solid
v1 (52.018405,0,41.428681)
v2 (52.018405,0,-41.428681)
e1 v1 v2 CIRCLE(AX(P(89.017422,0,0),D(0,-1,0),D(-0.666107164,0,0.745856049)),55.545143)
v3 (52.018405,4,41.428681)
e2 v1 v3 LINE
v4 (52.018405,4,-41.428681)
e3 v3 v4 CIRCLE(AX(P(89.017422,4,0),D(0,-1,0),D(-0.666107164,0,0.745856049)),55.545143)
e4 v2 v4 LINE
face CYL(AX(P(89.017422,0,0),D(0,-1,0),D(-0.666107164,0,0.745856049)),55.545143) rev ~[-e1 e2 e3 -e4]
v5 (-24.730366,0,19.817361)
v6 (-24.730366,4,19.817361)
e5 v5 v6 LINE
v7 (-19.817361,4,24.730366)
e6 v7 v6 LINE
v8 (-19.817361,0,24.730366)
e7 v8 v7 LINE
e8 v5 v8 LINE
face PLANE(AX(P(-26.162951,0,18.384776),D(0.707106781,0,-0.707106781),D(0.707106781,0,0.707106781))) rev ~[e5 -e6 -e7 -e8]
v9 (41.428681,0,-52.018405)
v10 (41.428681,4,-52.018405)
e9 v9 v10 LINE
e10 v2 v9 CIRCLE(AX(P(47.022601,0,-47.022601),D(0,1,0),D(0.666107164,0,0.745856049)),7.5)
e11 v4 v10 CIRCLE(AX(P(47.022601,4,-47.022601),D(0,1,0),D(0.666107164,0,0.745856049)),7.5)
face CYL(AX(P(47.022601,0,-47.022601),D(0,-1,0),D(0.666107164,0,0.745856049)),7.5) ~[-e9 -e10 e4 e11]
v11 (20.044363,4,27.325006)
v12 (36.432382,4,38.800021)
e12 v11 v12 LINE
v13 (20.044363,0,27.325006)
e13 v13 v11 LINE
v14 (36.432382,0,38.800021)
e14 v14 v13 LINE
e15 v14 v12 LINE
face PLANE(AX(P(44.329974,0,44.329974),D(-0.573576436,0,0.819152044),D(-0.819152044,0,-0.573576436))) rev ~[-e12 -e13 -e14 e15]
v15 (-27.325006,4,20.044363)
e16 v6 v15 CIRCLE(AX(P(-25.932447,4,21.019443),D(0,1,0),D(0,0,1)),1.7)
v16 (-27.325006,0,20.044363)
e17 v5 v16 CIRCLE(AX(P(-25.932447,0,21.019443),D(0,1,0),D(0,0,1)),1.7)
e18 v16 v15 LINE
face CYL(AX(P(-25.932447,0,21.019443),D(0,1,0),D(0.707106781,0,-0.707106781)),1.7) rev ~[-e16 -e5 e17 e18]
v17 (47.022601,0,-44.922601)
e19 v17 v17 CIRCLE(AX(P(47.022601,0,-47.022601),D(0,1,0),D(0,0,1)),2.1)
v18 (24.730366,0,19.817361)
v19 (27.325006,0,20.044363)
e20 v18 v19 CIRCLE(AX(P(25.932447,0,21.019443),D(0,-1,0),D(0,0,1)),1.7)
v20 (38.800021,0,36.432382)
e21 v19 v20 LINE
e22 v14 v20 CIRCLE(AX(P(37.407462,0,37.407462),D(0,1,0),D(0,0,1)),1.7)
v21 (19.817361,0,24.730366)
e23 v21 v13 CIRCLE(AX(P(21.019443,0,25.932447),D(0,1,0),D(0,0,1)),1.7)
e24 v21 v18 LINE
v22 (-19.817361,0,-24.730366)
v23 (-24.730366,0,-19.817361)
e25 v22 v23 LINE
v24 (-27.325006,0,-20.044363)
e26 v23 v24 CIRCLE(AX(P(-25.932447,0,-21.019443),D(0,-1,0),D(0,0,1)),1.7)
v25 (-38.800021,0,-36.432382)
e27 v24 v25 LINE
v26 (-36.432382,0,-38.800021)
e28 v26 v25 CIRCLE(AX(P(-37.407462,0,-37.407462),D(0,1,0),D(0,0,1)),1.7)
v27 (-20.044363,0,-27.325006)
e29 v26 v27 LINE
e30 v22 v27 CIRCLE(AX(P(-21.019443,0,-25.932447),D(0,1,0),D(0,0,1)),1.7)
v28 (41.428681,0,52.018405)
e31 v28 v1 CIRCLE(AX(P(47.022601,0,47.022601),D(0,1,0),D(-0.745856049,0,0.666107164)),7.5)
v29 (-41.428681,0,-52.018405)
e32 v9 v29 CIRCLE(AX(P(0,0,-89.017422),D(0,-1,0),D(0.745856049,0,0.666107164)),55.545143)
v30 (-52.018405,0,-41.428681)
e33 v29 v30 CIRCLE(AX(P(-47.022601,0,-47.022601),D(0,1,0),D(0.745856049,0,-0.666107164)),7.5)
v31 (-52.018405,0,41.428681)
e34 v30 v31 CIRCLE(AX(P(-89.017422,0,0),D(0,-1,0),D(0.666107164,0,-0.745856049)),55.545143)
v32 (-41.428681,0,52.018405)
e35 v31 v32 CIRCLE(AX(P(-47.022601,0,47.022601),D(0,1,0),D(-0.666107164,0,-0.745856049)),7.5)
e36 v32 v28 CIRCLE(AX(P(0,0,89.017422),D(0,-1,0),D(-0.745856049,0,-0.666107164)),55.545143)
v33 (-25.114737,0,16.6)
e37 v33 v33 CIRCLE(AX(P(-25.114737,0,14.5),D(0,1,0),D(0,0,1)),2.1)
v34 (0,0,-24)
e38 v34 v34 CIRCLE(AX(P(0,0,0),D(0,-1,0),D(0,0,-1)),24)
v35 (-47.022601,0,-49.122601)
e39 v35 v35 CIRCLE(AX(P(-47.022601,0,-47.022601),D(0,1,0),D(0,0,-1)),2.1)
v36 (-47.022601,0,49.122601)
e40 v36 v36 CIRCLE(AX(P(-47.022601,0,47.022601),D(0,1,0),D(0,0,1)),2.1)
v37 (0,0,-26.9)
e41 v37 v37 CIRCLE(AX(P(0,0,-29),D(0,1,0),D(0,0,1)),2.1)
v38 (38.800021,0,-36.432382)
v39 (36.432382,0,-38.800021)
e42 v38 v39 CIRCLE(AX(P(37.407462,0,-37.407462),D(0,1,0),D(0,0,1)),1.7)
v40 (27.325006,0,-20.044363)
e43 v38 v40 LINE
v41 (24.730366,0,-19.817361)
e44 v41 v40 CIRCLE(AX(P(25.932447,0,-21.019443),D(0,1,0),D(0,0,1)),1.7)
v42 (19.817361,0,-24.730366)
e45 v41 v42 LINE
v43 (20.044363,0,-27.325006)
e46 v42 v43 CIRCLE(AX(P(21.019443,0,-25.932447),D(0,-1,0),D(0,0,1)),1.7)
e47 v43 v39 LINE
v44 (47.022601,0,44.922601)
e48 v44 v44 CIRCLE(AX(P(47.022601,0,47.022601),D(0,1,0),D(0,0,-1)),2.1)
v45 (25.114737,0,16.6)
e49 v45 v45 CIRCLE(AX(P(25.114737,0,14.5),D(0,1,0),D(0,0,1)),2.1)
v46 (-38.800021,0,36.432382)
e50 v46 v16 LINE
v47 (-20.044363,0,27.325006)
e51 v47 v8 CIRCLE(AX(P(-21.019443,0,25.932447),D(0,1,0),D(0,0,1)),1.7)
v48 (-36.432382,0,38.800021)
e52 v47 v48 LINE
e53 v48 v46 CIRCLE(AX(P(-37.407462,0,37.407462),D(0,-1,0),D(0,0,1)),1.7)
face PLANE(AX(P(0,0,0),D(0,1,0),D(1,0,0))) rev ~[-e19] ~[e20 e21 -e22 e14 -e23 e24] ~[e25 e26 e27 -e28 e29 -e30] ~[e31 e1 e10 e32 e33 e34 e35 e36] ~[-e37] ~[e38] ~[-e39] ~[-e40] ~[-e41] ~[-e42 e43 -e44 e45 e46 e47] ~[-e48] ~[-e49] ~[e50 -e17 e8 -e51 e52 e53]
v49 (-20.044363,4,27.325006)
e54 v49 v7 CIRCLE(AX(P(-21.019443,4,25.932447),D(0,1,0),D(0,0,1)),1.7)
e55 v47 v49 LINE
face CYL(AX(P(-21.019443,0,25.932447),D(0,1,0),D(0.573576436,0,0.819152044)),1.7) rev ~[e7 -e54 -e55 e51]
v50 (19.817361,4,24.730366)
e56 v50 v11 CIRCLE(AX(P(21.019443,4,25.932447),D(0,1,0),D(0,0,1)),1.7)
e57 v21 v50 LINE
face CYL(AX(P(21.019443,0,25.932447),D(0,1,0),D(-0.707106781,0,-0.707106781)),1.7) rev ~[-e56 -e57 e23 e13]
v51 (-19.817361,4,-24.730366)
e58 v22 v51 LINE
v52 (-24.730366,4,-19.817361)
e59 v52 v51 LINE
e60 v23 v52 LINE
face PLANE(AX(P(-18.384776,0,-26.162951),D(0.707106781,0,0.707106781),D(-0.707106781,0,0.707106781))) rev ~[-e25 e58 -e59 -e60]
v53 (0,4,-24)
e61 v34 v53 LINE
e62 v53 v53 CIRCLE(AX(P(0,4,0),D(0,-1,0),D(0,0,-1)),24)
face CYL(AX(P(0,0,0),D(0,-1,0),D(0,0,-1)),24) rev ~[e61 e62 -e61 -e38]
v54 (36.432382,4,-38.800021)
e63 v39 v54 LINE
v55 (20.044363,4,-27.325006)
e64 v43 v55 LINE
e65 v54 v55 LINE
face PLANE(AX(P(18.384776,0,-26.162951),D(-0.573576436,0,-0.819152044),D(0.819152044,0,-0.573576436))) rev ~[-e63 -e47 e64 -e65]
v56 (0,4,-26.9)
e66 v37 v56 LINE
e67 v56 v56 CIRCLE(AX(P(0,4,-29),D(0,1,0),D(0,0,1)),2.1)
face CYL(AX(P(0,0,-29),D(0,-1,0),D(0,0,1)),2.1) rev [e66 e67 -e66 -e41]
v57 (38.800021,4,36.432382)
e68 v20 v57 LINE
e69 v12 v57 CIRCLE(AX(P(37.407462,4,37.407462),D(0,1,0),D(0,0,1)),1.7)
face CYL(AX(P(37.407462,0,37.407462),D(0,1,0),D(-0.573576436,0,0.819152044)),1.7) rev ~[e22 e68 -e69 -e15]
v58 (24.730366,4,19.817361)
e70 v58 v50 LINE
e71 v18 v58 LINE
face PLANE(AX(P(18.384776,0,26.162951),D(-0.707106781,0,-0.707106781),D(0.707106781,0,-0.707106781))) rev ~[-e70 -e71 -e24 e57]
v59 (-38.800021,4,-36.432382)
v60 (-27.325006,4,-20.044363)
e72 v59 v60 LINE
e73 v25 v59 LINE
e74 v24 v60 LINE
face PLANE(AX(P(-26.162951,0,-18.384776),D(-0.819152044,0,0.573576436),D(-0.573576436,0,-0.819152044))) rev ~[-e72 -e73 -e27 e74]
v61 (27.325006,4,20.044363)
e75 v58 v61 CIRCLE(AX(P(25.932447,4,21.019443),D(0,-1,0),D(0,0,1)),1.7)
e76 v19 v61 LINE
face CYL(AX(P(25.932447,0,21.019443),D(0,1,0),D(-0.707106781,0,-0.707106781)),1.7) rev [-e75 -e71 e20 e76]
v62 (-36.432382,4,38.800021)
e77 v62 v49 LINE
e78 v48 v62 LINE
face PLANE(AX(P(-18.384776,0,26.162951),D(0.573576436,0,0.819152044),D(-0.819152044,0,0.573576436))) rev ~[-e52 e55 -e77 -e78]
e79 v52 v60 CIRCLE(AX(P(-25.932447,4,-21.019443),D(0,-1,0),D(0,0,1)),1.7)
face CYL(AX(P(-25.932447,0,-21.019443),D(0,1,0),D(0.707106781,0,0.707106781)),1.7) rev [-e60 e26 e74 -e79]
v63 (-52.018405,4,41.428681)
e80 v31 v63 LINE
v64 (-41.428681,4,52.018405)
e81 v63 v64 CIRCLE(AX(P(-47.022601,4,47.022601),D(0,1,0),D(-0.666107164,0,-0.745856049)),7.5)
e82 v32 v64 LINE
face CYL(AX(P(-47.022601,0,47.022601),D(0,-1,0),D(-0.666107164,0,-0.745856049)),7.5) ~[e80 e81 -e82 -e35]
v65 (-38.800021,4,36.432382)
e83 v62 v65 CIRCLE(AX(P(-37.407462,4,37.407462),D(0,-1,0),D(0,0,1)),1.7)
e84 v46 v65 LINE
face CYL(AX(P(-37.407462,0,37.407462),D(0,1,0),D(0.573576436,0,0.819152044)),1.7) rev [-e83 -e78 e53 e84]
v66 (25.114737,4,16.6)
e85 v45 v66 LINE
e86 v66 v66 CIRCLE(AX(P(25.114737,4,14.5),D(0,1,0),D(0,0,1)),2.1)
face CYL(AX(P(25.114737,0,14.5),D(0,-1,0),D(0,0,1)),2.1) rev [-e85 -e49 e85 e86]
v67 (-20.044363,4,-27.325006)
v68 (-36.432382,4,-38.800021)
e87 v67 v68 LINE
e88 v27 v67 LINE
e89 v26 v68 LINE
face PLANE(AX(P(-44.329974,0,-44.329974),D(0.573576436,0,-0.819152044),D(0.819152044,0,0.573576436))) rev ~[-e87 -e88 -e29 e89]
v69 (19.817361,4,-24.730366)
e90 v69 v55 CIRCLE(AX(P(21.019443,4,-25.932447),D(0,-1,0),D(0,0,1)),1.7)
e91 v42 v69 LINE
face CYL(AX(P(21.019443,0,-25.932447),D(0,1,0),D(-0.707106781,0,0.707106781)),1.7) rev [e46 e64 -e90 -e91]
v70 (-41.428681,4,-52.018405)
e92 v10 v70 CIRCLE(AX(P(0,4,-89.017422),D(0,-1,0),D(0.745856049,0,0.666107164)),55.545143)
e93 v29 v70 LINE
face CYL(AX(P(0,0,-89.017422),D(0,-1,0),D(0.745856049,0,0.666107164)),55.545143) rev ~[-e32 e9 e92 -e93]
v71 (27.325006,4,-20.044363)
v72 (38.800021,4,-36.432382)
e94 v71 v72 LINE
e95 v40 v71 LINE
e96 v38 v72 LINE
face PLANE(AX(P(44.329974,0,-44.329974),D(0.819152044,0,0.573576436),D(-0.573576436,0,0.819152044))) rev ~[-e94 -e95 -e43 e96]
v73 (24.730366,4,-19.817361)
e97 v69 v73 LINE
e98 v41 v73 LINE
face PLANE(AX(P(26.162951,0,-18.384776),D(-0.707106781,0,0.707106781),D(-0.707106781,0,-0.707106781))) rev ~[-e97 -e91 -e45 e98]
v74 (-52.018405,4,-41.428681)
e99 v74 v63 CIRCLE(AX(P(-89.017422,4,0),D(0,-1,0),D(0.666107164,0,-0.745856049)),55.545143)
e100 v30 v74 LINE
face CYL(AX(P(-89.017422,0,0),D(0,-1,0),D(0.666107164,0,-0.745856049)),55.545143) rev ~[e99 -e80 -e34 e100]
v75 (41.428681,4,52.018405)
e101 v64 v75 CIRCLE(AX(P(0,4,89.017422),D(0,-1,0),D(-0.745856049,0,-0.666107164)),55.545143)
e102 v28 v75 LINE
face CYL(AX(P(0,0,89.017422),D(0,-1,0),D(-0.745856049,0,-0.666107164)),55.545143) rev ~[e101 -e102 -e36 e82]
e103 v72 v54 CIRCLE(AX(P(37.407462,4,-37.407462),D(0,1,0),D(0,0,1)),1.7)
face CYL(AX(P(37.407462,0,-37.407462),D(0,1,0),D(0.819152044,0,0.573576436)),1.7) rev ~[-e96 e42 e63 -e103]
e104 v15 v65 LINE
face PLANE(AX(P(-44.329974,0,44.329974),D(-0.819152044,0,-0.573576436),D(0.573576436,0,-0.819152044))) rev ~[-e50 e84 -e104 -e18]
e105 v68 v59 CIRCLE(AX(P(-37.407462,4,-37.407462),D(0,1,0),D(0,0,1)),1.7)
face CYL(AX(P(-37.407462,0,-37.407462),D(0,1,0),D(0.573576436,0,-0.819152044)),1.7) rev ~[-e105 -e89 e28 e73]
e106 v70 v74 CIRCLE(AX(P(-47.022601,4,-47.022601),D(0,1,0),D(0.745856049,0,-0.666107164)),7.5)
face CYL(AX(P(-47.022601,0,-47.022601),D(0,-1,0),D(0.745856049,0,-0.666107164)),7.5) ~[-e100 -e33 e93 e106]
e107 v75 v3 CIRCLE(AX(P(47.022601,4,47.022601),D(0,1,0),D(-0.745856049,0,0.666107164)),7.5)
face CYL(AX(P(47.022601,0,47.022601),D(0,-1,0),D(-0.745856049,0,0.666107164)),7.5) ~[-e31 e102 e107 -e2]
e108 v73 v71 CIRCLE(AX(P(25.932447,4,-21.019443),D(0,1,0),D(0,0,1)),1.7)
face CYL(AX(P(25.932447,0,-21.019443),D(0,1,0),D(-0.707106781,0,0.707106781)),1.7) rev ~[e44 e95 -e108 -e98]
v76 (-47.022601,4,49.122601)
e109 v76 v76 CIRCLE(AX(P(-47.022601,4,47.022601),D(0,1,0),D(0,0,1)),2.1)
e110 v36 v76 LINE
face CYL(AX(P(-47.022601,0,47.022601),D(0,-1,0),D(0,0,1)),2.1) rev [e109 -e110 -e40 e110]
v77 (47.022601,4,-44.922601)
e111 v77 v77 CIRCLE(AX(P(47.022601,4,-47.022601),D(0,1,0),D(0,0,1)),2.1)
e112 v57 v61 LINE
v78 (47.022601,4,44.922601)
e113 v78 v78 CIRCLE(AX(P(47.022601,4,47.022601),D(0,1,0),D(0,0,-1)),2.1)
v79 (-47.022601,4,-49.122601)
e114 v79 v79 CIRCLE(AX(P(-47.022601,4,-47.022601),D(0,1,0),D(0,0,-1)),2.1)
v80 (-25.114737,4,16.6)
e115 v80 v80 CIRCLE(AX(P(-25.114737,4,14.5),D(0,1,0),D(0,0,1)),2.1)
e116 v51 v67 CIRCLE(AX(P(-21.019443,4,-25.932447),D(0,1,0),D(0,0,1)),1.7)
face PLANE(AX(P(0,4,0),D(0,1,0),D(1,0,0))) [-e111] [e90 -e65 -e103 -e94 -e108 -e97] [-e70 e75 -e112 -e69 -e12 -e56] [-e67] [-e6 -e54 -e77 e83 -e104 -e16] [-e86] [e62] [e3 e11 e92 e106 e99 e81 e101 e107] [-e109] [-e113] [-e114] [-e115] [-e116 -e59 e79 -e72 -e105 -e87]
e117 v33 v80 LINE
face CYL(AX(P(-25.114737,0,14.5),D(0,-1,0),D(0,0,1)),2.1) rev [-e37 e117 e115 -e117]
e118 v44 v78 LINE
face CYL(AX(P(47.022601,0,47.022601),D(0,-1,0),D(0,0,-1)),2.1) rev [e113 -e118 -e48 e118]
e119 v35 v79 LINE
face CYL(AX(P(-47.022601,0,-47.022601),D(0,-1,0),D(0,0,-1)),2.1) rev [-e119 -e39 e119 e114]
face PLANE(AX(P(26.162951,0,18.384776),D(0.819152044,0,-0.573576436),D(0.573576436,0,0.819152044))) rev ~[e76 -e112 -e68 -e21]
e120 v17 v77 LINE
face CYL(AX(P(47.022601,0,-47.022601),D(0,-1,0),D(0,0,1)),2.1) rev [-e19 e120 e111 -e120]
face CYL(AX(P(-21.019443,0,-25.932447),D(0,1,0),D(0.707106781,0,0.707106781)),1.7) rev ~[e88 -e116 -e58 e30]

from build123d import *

# Parameters (mm, degrees)
SKETCH_1_R          = 2.1
SKETCH_1_R_2        = 15
EXTRUDE_1_DEPTH     = 4
SKETCH_3_R          = 24
CUT_EXTRUDE_2_DEPTH = 78.210284473
CUT_EXTRUDE_3_DEPTH = 78.210284473
FILLET_1_R          = 1.7


with BuildPart() as part:
    # 草图1 → 凸台-拉伸1 (new body)
    with BuildSketch(Plane(origin=(0, 0, 0), x_dir=(1, 0, 0), z_dir=(0, 1, 0))):
        with BuildLine():
            ThreePointArc((-41.42868058, 52.018404679), (-52.325901808, 52.325901808), (-52.018404679, 41.42868058))
            ThreePointArc((-52.018404679, 41.42868058), (-33.472279505, 0), (-52.018404679, -41.42868058))
            ThreePointArc((-52.018404679, -41.42868058), (-52.325901808, -52.325901808), (-41.42868058, -52.018404679))
            ThreePointArc((-41.42868058, -52.018404679), (0, -33.472279505), (41.42868058, -52.018404679))
            ThreePointArc((41.42868058, -52.018404679), (52.325901808, -52.325901808), (52.018404679, -41.42868058))
            ThreePointArc((52.018404679, -41.42868058), (33.472279505, 0), (52.018404679, 41.42868058))
            ThreePointArc((52.018404679, 41.42868058), (52.325901808, 52.325901808), (41.42868058, 52.018404679))
            ThreePointArc((41.42868058, 52.018404679), (0, 33.472279505), (-41.42868058, 52.018404679))
        make_face()
        with Locations(Location((0, 29, 0), (0, 0, 270))):
            Circle(SKETCH_1_R, mode=Mode.SUBTRACT)
        with Locations(Location((25.11473671, -14.5, 0), (0, 0, 270))):
            Circle(SKETCH_1_R, mode=Mode.SUBTRACT)
        with Locations(Location((-25.11473671, -14.5, 0), (0, 0, 270))):
            Circle(SKETCH_1_R, mode=Mode.SUBTRACT)
        with Locations(Location((47.022600949, 47.022600949, 0), (0, 0, 270))):
            Circle(SKETCH_1_R, mode=Mode.SUBTRACT)
        with Locations(Location((47.022600949, -47.022600949, 0), (0, 0, 90))):
            Circle(SKETCH_1_R, mode=Mode.SUBTRACT)
        with Locations(Location((-47.022600949, -47.022600949, 0), (0, 0, 270))):
            Circle(SKETCH_1_R, mode=Mode.SUBTRACT)
        with Locations(Location((-47.022600949, 47.022600949, 0), (0, 0, 90))):
            Circle(SKETCH_1_R, mode=Mode.SUBTRACT)
        with Locations(Location((0, 0, 0), (0, 0, 270))):
            Circle(SKETCH_1_R_2, mode=Mode.SUBTRACT)
    extrude(amount=EXTRUDE_1_DEPTH)

    # 草图3 → 切除-拉伸2 (cut, through all)
    with BuildSketch(Plane.XZ):
        with Locations(Location((0, 0, 0), (0, 0, 270))):
            Circle(SKETCH_3_R)
    extrude(amount=-CUT_EXTRUDE_2_DEPTH, mode=Mode.SUBTRACT)

    # 草图4 → 切除-拉伸3 (cut, through all)
    with BuildSketch(Plane.XZ):
        Polygon((-44.329973687, 44.329973687), (-26.162950904, 18.384776311), (-18.384776311, 26.162950904), align=None)
        Polygon((26.162950904, 18.384776311), (44.329973687, 44.329973687), (18.384776311, 26.162950904), align=None)
        Polygon((18.384776311, -26.162950904), (44.329973687, -44.329973687), (26.162950904, -18.384776311), align=None)
        Polygon((-26.162950904, -18.384776311), (-44.329973687, -44.329973687), (-18.384776311, -26.162950904), align=None)
    extrude(amount=-CUT_EXTRUDE_3_DEPTH, mode=Mode.SUBTRACT)

    # 圆角1
    fillet_1_edges = [part.edges().sort_by_distance(p)[0] for p in [
        (-18.384776311, 2, -26.162950904),
        (-44.329973687, 2, -44.329973687),
        (-26.162950904, 2, -18.384776311),
        (26.162950904, 2, -18.384776311),
        (44.329973687, 2, -44.329973687),
        (18.384776311, 2, -26.162950904),
        (18.384776311, 2, 26.162950904),
        (44.329973687, 2, 44.329973687),
        (26.162950904, 2, 18.384776311),
        (-44.329973687, 2, 44.329973687),
        (-18.384776311, 2, 26.162950904),
        (-26.162950904, 2, 18.384776311),
    ]]
    fillet(fillet_1_edges, radius=FILLET_1_R)


solid = part.part
